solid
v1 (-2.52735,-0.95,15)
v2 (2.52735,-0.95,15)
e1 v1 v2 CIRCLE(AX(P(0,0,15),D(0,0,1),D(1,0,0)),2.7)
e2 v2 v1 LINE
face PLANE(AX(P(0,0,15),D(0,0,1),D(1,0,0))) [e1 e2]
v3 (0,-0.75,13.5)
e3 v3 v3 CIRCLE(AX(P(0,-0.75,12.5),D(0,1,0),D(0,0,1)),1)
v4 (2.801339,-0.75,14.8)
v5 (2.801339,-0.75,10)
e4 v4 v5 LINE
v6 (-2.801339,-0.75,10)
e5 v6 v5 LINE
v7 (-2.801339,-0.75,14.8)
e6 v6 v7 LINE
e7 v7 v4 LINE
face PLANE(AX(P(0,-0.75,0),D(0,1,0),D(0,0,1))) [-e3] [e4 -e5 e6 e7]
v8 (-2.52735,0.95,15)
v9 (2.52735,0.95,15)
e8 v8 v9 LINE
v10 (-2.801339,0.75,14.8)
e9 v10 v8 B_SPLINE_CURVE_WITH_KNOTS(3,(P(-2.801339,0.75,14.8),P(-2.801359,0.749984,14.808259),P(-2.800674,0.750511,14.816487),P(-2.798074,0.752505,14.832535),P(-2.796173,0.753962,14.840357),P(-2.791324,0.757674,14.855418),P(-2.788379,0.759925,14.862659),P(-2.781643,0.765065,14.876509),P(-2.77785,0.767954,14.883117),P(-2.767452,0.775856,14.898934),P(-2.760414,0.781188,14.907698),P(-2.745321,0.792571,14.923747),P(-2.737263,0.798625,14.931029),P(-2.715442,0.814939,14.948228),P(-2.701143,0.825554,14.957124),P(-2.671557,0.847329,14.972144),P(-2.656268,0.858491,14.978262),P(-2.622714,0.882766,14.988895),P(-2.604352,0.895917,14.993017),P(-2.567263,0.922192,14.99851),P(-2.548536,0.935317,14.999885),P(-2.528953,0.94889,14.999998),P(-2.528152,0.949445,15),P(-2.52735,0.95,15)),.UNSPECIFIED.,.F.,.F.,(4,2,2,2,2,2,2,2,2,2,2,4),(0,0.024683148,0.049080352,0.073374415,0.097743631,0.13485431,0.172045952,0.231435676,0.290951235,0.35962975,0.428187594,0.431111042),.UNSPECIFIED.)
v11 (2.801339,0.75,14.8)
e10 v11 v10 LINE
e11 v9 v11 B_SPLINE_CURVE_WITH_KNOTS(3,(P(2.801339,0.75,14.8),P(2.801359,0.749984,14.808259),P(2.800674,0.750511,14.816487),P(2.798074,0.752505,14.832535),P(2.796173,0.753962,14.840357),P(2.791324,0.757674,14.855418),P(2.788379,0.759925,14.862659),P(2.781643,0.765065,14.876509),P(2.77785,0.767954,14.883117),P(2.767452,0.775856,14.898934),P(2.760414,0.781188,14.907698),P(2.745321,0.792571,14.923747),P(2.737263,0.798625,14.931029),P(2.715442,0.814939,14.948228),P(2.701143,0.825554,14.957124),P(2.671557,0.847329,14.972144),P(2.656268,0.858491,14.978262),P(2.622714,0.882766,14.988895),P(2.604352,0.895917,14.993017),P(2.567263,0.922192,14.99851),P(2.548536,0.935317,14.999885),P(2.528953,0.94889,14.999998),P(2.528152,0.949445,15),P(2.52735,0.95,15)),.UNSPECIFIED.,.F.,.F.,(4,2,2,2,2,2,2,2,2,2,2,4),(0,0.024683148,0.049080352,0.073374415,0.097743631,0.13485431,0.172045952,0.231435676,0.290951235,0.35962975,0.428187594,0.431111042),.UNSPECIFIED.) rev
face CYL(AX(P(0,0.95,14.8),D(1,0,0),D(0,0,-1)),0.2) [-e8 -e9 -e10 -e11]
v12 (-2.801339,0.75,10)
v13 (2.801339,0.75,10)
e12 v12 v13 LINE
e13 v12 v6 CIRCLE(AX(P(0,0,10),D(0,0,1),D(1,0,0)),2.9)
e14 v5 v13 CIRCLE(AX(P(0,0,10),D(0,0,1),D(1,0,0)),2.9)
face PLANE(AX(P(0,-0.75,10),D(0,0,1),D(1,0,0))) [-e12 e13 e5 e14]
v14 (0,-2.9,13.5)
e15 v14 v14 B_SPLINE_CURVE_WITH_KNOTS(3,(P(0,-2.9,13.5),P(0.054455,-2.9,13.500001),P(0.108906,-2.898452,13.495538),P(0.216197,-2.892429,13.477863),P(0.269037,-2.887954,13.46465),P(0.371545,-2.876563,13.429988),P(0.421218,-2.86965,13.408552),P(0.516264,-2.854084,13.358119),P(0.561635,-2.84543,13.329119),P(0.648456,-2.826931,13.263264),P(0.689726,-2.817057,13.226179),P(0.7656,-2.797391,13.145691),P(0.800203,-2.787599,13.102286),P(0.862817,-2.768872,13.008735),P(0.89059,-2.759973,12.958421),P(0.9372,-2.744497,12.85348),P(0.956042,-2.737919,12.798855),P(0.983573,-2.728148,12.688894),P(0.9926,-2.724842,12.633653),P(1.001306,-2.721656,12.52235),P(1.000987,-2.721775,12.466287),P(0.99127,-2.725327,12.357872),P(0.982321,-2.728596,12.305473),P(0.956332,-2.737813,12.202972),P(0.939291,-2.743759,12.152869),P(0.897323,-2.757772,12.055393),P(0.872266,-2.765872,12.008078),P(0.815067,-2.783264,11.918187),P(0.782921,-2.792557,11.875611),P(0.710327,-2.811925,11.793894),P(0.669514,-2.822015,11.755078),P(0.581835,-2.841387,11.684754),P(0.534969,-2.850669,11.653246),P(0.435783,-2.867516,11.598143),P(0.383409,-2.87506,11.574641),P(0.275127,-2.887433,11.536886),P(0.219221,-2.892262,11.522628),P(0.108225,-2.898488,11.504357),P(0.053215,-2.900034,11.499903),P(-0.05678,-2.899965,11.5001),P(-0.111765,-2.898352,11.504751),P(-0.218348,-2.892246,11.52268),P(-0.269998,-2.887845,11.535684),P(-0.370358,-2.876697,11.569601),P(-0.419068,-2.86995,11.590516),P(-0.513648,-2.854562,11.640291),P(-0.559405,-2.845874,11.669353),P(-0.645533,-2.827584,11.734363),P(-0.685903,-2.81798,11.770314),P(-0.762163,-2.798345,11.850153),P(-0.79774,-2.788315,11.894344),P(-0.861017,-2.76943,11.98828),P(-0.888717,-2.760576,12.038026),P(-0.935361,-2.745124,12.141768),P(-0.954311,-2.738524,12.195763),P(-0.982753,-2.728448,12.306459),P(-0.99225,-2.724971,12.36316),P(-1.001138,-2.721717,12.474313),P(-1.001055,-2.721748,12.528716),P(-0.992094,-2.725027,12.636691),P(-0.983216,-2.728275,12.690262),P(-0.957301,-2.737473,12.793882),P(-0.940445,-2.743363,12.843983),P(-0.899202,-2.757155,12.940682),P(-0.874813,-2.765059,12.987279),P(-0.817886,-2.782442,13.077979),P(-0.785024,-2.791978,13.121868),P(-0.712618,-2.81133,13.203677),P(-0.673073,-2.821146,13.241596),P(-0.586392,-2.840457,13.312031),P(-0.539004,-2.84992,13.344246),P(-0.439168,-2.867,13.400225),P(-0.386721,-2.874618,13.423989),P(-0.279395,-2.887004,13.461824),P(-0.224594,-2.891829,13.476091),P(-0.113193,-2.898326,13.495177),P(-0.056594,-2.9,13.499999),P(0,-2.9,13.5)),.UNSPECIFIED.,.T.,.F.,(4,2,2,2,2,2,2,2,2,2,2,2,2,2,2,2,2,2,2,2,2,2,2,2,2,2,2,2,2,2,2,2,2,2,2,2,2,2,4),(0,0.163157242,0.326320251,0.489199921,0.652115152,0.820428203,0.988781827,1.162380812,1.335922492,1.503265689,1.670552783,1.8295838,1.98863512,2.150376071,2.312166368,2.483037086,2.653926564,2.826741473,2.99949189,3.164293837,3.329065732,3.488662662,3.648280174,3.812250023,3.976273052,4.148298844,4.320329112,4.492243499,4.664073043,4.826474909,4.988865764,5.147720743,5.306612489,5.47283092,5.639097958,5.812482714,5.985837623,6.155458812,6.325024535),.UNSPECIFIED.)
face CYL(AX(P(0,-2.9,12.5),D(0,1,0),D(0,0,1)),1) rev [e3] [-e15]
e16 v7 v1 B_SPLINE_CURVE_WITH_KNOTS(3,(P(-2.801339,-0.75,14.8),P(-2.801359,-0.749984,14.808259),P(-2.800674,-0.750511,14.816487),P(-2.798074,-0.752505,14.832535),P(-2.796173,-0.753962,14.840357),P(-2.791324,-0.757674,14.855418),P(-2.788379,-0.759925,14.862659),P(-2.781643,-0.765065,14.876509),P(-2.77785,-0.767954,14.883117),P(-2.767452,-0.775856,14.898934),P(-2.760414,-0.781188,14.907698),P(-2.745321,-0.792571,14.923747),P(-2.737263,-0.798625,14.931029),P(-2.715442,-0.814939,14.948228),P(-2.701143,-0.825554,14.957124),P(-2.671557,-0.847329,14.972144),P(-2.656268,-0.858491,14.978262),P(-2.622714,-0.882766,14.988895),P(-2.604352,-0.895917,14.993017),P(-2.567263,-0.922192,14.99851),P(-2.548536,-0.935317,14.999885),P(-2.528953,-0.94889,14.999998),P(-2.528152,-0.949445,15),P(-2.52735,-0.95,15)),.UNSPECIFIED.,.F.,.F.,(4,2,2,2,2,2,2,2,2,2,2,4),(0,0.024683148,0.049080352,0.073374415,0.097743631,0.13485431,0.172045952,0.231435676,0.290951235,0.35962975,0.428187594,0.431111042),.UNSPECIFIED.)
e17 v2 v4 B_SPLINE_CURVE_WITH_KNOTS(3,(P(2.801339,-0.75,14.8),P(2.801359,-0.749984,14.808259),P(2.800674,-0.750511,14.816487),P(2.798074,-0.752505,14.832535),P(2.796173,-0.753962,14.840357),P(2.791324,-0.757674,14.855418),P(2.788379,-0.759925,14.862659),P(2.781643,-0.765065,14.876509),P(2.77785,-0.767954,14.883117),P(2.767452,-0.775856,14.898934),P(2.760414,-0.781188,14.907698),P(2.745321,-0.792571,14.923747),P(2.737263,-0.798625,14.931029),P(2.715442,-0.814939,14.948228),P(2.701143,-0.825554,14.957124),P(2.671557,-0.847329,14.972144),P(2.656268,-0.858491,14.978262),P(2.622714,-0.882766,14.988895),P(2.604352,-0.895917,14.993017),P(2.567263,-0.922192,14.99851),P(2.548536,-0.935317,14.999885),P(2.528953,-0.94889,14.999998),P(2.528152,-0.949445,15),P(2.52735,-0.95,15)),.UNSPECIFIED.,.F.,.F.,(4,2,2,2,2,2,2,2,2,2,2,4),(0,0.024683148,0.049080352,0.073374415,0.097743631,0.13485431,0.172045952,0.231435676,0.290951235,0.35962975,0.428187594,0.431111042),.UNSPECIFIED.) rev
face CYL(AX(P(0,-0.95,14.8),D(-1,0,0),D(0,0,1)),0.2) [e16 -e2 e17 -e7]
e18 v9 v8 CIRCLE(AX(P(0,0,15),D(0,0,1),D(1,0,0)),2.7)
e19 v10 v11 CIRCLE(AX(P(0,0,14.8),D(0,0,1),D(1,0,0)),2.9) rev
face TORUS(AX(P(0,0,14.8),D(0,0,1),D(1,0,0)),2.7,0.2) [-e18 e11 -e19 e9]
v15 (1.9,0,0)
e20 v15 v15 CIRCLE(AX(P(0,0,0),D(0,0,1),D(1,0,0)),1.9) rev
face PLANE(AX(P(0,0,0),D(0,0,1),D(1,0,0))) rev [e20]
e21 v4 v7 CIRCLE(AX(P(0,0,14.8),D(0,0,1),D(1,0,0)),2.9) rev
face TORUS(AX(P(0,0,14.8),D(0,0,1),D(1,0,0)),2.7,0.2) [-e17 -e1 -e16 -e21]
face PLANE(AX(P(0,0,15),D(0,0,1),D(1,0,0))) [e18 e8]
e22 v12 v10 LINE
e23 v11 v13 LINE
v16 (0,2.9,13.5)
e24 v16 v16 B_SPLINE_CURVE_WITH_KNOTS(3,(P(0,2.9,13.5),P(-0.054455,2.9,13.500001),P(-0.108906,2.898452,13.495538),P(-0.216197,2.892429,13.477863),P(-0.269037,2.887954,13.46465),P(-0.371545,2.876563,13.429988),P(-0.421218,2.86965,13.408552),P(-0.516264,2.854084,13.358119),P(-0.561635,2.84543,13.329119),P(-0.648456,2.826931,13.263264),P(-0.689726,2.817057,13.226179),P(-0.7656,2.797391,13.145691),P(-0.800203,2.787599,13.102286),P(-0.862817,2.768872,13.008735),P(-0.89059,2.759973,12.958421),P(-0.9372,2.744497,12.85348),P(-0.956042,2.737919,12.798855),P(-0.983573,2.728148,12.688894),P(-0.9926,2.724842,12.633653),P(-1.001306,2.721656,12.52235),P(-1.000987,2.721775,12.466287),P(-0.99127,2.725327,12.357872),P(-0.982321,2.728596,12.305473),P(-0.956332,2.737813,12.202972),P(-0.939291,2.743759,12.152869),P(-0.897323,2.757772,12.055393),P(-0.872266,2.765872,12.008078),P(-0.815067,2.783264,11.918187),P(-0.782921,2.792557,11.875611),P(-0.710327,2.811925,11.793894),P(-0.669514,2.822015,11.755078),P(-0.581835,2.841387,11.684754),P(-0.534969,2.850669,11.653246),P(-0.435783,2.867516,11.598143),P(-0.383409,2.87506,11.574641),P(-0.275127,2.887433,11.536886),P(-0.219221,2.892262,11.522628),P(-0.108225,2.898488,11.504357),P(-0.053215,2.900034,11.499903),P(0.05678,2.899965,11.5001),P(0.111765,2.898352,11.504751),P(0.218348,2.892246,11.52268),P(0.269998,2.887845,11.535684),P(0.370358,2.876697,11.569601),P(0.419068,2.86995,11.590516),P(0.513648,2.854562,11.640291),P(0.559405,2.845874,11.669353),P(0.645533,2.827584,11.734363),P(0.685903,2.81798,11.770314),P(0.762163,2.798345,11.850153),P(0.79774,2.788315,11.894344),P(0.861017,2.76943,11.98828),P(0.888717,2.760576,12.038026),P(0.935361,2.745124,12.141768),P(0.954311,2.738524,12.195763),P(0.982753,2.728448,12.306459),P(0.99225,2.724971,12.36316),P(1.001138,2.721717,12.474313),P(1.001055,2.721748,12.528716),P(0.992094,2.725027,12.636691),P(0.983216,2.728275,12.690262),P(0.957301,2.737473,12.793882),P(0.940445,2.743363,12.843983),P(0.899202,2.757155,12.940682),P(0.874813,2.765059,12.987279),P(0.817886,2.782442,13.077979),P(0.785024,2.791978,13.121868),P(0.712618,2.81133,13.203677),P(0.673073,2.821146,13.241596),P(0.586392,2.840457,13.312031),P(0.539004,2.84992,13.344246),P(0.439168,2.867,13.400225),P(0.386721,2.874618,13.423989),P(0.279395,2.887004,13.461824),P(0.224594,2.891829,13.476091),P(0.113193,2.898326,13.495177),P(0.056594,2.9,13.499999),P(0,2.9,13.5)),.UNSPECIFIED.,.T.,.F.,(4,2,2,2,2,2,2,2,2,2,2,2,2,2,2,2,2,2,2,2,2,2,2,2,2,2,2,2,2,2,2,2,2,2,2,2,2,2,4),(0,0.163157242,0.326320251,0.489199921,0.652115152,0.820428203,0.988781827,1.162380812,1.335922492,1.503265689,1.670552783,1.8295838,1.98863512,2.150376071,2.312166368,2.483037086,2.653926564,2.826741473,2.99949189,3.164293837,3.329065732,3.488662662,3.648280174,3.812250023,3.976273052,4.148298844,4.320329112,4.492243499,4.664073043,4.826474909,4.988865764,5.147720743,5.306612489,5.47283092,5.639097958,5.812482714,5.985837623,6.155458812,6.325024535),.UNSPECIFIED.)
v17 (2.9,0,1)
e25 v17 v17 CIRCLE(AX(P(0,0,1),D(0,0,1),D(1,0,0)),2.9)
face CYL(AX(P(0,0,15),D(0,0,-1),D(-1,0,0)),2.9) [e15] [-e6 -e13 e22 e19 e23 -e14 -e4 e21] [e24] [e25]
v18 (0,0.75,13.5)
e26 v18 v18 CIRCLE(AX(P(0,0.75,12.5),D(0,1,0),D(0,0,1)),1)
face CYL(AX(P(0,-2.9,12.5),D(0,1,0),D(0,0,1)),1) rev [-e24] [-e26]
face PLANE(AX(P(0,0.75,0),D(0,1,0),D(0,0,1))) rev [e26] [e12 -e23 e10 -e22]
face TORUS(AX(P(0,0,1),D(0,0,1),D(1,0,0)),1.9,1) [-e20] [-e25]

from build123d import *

# Parameters (mm, degrees)
SKETCH1_R               = 2.9
BOSS_EXTRUDE1_DEPTH     = 15
FILLET2_R               = 1
SKETCH2_W               = 5.8
SKETCH2_H               = 5
CUT_EXTRUDE1_DEPTH      = 0.75
CUT_EXTRUDE2_DEPTH      = 16.550562691
CUT_EXTRUDE2_DEPTH_BACK = 16.550562691
SKETCH2_3_R             = 1
FILLET4_R               = 0.2


with BuildPart() as part:
    # Sketch1 → Boss-Extrude1 (new body)
    with BuildSketch(Plane.XY):
        Circle(SKETCH1_R)
    extrude(amount=BOSS_EXTRUDE1_DEPTH)

    # Fillet2
    fillet2_edges = [part.edges().sort_by_distance(p)[0] for p in [
        (-2.9, 0, 0),
    ]]
    fillet(fillet2_edges, radius=FILLET2_R)

    # Sketch2 → Cut-Extrude1 (cut, symmetric)
    with BuildSketch(Plane(origin=(0, 0, 0), x_dir=(1, 0, 0), z_dir=(0, 1, 0))):
        with Locations((0, -12.5)):
            Rectangle(SKETCH2_W, SKETCH2_H)
    extrude(amount=CUT_EXTRUDE1_DEPTH, both=True, mode=Mode.SUBTRACT)

    # Sketch2<3> → Cut-Extrude2 (cut, two sides: drawn at the far end of the back side and taken through both)
    with BuildSketch(Plane(origin=(0, 0, 0), x_dir=(1, 0, 0), z_dir=(0, 1, 0)).offset(-CUT_EXTRUDE2_DEPTH_BACK)):
        with Locations((0, -12.5)):
            Circle(SKETCH2_3_R)
    extrude(amount=CUT_EXTRUDE2_DEPTH + CUT_EXTRUDE2_DEPTH_BACK, mode=Mode.SUBTRACT)

    # Fillet4
    fillet4_edges = [part.edges().sort_by_distance(p)[0] for p in [
        (0, -0.75, 15),
        (0, -2.9, 15),
        (0, 2.9, 15),
        (0, 0.75, 15),
    ]]
    fillet(fillet4_edges, radius=FILLET4_R)


solid = part.part
